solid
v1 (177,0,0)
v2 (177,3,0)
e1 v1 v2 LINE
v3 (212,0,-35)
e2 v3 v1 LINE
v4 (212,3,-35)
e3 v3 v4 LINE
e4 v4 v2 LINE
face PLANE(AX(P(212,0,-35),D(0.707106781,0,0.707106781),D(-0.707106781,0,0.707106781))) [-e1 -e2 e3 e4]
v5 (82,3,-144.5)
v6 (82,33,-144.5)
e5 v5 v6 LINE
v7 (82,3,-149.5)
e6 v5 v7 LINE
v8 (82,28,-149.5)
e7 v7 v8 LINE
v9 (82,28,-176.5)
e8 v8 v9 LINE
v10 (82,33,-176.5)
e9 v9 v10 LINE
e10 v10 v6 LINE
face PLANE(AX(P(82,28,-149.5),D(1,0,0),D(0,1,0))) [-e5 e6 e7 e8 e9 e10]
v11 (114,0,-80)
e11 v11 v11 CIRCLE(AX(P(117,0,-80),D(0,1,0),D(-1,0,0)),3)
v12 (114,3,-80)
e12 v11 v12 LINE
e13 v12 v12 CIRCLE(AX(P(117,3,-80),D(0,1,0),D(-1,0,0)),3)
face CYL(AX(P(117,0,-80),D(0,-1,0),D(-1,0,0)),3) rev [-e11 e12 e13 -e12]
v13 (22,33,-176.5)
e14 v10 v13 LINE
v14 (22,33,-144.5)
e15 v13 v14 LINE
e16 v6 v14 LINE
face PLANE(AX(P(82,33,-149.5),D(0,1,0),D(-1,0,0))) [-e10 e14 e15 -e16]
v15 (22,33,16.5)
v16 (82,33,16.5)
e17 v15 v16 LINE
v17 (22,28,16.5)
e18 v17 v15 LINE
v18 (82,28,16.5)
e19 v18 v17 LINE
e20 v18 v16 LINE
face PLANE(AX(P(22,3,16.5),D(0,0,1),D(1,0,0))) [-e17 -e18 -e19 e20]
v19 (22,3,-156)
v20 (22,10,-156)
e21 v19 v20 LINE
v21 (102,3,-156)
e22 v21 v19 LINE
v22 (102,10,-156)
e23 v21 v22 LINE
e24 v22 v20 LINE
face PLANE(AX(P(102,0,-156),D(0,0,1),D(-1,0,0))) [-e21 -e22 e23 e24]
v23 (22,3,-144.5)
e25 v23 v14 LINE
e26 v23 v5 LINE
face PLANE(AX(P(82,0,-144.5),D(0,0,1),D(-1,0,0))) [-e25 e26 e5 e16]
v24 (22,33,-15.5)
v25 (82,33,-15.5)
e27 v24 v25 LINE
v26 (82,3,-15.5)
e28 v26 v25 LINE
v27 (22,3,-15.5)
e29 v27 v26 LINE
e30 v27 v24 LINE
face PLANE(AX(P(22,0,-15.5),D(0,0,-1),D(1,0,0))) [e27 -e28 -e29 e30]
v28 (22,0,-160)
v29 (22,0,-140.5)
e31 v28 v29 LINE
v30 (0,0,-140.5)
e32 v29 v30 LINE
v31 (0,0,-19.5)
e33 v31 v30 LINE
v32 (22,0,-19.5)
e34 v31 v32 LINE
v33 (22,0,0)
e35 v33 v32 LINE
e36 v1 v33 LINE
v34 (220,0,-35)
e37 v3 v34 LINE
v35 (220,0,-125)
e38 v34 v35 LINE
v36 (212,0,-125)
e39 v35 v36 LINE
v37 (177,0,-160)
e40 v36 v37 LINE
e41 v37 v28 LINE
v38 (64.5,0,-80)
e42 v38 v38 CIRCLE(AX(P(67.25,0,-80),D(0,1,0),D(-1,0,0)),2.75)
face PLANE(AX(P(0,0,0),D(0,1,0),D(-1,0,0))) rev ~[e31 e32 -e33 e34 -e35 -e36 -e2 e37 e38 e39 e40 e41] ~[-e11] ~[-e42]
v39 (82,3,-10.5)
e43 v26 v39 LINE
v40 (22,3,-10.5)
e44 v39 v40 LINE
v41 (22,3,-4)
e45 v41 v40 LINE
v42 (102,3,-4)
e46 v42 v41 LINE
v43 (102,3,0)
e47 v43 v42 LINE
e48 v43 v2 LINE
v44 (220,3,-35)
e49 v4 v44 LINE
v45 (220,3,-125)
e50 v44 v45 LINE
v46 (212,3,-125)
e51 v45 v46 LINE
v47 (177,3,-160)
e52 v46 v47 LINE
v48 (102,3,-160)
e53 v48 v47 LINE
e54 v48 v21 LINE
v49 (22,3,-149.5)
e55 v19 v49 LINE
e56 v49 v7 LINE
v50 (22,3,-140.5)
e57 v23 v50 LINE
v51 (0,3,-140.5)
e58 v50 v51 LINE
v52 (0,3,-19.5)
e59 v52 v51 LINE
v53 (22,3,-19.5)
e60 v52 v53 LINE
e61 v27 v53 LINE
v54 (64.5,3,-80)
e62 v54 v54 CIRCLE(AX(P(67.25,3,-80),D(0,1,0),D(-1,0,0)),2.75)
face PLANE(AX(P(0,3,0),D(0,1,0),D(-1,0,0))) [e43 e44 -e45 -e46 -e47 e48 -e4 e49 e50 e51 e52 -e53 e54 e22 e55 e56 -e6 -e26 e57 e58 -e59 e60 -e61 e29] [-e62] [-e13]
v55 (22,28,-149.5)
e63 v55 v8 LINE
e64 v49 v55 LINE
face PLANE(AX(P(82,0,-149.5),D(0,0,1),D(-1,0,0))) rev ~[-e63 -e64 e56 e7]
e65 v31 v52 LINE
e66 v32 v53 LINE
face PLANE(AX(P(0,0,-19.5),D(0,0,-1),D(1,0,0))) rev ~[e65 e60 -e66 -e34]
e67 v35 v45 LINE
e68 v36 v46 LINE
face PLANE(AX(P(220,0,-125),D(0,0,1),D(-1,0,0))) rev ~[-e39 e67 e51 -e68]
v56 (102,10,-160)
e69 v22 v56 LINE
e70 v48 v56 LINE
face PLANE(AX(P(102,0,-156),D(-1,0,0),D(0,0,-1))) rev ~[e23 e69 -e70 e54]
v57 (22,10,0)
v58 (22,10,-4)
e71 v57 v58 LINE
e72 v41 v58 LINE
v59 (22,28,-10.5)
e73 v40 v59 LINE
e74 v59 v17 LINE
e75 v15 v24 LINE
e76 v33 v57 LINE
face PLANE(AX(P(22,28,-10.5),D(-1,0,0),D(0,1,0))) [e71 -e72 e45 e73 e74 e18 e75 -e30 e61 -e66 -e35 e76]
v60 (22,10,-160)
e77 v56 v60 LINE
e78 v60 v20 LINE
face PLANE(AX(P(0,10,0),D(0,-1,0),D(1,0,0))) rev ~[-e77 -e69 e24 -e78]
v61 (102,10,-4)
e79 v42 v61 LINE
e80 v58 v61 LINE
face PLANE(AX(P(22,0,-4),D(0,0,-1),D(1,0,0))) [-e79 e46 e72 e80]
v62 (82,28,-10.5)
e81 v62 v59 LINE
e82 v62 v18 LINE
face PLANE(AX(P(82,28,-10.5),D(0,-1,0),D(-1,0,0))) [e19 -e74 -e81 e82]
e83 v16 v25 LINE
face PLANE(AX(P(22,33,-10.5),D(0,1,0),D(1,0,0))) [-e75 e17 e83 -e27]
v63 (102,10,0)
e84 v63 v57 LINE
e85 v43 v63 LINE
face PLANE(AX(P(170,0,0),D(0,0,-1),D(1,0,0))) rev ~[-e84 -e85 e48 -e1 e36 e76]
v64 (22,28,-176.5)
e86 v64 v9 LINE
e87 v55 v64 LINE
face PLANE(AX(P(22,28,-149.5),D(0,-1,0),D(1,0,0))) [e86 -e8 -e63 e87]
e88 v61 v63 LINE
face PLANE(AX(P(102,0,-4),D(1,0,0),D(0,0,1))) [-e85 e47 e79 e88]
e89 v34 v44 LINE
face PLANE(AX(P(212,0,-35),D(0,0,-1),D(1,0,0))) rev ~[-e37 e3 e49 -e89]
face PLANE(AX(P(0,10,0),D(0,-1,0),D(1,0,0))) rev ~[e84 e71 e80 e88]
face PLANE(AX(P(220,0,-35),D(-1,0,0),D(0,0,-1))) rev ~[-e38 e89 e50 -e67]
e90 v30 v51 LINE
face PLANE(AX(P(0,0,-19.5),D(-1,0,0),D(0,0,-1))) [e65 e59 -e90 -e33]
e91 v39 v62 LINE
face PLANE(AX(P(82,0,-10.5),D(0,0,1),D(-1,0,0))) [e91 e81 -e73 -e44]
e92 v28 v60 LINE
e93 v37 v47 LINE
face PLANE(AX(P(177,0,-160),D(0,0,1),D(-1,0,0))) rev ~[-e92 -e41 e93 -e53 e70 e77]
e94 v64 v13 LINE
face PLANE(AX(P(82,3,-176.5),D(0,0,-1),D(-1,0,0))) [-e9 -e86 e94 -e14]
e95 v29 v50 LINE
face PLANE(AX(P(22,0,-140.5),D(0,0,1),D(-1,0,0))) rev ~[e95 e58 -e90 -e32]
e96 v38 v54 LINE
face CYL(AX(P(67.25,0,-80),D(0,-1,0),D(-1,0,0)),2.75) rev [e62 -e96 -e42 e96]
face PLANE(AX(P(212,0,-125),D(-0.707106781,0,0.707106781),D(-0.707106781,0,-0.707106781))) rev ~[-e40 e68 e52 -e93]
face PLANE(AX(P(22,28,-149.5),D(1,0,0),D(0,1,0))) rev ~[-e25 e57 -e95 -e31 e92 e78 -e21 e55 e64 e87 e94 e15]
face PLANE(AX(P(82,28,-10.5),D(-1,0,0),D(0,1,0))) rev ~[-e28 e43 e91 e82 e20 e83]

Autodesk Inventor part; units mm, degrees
ref_plane "YZ Plane" through (0, 0, 0) normal (1, 0, 0) x (0, 1, 0)
ref_plane "XZ Plane" through (0, 0, 0) normal (0, 1, 0) x (-1, 0, 0)
ref_plane "XY Plane" through (0, 0, 0) normal (0, 0, 1) x (1, 0, 0)
sketch "Skizze1" plane through (0, 0, 0) normal (0, 1, 0) x (-1, 0, 0)
  circle A0 centre (-117, -80) radius 3
  circle A1 centre (-67.25, -80) radius 2.75
  line L0 (-170, -160) -> (-22, -160)
  line L1 (-220, -125) -> (-212, -125)
  line L2 (-212, -35) -> (-220, -35)
  line L3 (-220, -35) -> (-220, -125)
  line L4 (0, -19.5) -> (-22, -19.5)
  line L5 (-212, -35) -> (-177, 0)
  line L6 (-212, -125) -> (-177, -160)
  line L7 (-22, -140.5) -> (0, -140.5)
  line L8 (-22, 0) -> (-22, -15.5)
  line L9 (-22, -19.5) -> (0, -19.5)
  line L10 (-22, -160) -> (-22, -144.5)
  line L11 (-22, -140.5) -> (0, -140.5)
  line L12 (-22, 0) -> (-102, 0)
  line L13 (-102, 0) -> (-102, -4)
  line L14 (-22, -15.5) -> (-22, 0)
  line L15 (-22, -160) -> (-102, -160)
  line L16 (-102, -160) -> (-102, -156)
  line L17 (-22, -144.5) -> (-22, -160)
  line L18 (-22, -160) -> (-102, -160)
  line L19 (-102, -160) -> (-102, -156)
  line L20 (-102, -156) -> (-22, -156)
  line L21 (-22, -156) -> (-22, -160)
  line L22 (-22, -156) -> (-102, -156)
  line L23 (-22, -149.5) -> (-22, -156)
  line L24 (-22, 0) -> (-102, 0)
  line L25 (-102, 0) -> (-102, -4)
  line L26 (-102, -4) -> (-22, -4)
  line L27 (-22, -4) -> (-22, 0)
  line L28 (-22, -4) -> (-102, -4)
  line L29 (-22, -10.5) -> (-22, -4)
  line L30 (-22, -15.5) -> (-22, -10.5)
  line L31 (-22, -149.5) -> (-82, -149.5)
  line L32 (-22, -144.5) -> (-22, -149.5)
  line L33 (-22, -144.5) -> (-22, -140.5)
  line L34 (-22, 0) -> (-177, 0)
  line L35 (-22, 0) -> (-170, 0)
  line L36 (-22, -15.5) -> (-22, -19.5)
  line L37 (0, -19.5) -> (0, -140.5)
  line L38 (-22, -144.5) -> (-82, -144.5)
  line L39 (-82, -144.5) -> (-82, -149.5)
  line L40 (-82, -149.5) -> (-22, -149.5)
  line L41 (-22, -149.5) -> (-22, -144.5)
  line L42 (-22, -15.5) -> (-82, -15.5)
  line L43 (-82, -15.5) -> (-82, -10.5)
  line L44 (-82, -10.5) -> (-22, -10.5)
  line L45 (-22, -10.5) -> (-22, -15.5)
  line L46 (-82, -15.5) -> (-22, -15.5)
  line L47 (-82, -144.5) -> (-22, -144.5)
  line L48 (-82, -10.5) -> (-22, -10.5)
  line L49 (-220, -35) -> (-220, -125)
  line L50 (-177, -160) -> (-22, -160)
  point P0 (0, 0)
  point P1 (-216, -125)
  point P2 (-216, -35)
  point P3 (-22, -4)
  dimension "d4" = 6
  dimension "d5" = 49.75
  dimension "d7" = 5.5
  dimension "d9" = 8
  dimension "d10" = 90
  dimension "d14" = 60.5
  dimension "d15" = 60.5
  dimension "d17" = 35
  dimension "d25" = 4
  dimension "d27" = 4
  dimension "d31" = 60
  dimension "d32" = 60
extrude "Extrusion1" add sketch "Skizze1" along normal blind 3 contours L50 L6 L1 L3 L2 L5 L34 L13 L26 L8 L44 L43 L42 L36 L4 L37 L7 L33 L38 L39 L31 L10 L20 L16 L0
sketch "Skizze2" plane through (0, 0, 0) normal (0, -1, 0) x (1, 0, 0)
  line L0 (22, -15.5) -> (82, -15.5) projected
  line L1 (82, -15.5) -> (82, -10.5) projected
  line L2 (22, -15.5) -> (82, -15.5)
  line L3 (82, -15.5) -> (82, -10.5)
  line L4 (82, -10.5) -> (22, -10.5)
  line L5 (22, -10.5) -> (22, -15.5)
  line L6 (22, -149.5) -> (82, -149.5) projected
  line L7 (82, -144.5) -> (22, -144.5) projected
  line L8 (22, -149.5) -> (82, -149.5)
  line L9 (82, -149.5) -> (82, -144.5)
  line L10 (82, -144.5) -> (22, -144.5)
  line L11 (22, -144.5) -> (22, -149.5)
  line L12 (102, -156) -> (22, -156) projected
  line L13 (177, -160) -> (102, -160) projected
  line L14 (22, -156) -> (102, -156)
  line L15 (102, -156) -> (102, -160)
  line L16 (102, -160) -> (22, -160)
  line L17 (22, -160) -> (22, -156)
  line L18 (22, -4) -> (102, -4) projected
  line L19 (102, 0) -> (177, 0) projected
  line L20 (22, -4) -> (102, -4)
  line L21 (102, -4) -> (102, 0)
  line L22 (102, 0) -> (22, 0)
  line L23 (22, 0) -> (22, -4)
  point P0 (0, 0)
extrude "Extrusion2" add sketch "Skizze2" against normal blind 10 contours L15 L16 L17 L12 | L23 L22 L21 L18
sketch "Skizze3" plane through (0, 0, 0) normal (0, -1, 0) x (1, 0, 0)
  line L0 (82, -15.5) -> (82, -10.5) projected
  line L1 (22, -15.5) -> (82, -15.5)
  line L2 (82, -15.5) -> (82, -10.5)
  line L3 (82, -10.5) -> (22, -10.5)
  line L4 (22, -10.5) -> (22, -15.5)
  line L5 (82, -144.5) -> (22, -144.5) projected
  line L6 (82, -149.5) -> (82, -144.5) projected
  line L7 (22, -144.5) -> (82, -144.5)
  line L8 (82, -144.5) -> (82, -149.5)
  line L9 (82, -149.5) -> (22, -149.5)
  line L10 (22, -149.5) -> (22, -144.5)
  point P0 (0, 0)
extrude "Extrusion3" add sketch "Skizze3" against normal blind 33
sketch "Skizze4" plane through (22, 3, -10.5) normal (0, 0, 1) x (1, 0, 0)
  line L0 (0, 0) -> (0, 30) projected
  line L1 (60, 0) -> (60, 30) projected
  line L2 (0, 30) -> (60, 30)
  line L3 (60, 30) -> (60, 25)
  line L4 (60, 25) -> (0, 25)
  line L5 (0, 25) -> (0, 30)
  point P0 (-22, -3)
  dimension "d39" = 5
extrude "Extrusion4" add sketch "Skizze4" along normal blind 27
sketch "Skizze5" plane through (82, 3, -149.5) normal (0, 0, -1) x (-1, 0, 0)
  line L0 (0, 0) -> (0, 30) projected
  line L1 (60, 0) -> (60, 30) projected
  line L2 (0, 30) -> (60, 30)
  line L3 (60, 30) -> (60, 25)
  line L4 (60, 25) -> (0, 25)
  line L5 (0, 25) -> (0, 30)
  point P0 (82, -3)
  dimension "d42" = 5
extrude "Extrusion5" add sketch "Skizze5" along normal blind 27
properties part number "boschprofil-platform"
